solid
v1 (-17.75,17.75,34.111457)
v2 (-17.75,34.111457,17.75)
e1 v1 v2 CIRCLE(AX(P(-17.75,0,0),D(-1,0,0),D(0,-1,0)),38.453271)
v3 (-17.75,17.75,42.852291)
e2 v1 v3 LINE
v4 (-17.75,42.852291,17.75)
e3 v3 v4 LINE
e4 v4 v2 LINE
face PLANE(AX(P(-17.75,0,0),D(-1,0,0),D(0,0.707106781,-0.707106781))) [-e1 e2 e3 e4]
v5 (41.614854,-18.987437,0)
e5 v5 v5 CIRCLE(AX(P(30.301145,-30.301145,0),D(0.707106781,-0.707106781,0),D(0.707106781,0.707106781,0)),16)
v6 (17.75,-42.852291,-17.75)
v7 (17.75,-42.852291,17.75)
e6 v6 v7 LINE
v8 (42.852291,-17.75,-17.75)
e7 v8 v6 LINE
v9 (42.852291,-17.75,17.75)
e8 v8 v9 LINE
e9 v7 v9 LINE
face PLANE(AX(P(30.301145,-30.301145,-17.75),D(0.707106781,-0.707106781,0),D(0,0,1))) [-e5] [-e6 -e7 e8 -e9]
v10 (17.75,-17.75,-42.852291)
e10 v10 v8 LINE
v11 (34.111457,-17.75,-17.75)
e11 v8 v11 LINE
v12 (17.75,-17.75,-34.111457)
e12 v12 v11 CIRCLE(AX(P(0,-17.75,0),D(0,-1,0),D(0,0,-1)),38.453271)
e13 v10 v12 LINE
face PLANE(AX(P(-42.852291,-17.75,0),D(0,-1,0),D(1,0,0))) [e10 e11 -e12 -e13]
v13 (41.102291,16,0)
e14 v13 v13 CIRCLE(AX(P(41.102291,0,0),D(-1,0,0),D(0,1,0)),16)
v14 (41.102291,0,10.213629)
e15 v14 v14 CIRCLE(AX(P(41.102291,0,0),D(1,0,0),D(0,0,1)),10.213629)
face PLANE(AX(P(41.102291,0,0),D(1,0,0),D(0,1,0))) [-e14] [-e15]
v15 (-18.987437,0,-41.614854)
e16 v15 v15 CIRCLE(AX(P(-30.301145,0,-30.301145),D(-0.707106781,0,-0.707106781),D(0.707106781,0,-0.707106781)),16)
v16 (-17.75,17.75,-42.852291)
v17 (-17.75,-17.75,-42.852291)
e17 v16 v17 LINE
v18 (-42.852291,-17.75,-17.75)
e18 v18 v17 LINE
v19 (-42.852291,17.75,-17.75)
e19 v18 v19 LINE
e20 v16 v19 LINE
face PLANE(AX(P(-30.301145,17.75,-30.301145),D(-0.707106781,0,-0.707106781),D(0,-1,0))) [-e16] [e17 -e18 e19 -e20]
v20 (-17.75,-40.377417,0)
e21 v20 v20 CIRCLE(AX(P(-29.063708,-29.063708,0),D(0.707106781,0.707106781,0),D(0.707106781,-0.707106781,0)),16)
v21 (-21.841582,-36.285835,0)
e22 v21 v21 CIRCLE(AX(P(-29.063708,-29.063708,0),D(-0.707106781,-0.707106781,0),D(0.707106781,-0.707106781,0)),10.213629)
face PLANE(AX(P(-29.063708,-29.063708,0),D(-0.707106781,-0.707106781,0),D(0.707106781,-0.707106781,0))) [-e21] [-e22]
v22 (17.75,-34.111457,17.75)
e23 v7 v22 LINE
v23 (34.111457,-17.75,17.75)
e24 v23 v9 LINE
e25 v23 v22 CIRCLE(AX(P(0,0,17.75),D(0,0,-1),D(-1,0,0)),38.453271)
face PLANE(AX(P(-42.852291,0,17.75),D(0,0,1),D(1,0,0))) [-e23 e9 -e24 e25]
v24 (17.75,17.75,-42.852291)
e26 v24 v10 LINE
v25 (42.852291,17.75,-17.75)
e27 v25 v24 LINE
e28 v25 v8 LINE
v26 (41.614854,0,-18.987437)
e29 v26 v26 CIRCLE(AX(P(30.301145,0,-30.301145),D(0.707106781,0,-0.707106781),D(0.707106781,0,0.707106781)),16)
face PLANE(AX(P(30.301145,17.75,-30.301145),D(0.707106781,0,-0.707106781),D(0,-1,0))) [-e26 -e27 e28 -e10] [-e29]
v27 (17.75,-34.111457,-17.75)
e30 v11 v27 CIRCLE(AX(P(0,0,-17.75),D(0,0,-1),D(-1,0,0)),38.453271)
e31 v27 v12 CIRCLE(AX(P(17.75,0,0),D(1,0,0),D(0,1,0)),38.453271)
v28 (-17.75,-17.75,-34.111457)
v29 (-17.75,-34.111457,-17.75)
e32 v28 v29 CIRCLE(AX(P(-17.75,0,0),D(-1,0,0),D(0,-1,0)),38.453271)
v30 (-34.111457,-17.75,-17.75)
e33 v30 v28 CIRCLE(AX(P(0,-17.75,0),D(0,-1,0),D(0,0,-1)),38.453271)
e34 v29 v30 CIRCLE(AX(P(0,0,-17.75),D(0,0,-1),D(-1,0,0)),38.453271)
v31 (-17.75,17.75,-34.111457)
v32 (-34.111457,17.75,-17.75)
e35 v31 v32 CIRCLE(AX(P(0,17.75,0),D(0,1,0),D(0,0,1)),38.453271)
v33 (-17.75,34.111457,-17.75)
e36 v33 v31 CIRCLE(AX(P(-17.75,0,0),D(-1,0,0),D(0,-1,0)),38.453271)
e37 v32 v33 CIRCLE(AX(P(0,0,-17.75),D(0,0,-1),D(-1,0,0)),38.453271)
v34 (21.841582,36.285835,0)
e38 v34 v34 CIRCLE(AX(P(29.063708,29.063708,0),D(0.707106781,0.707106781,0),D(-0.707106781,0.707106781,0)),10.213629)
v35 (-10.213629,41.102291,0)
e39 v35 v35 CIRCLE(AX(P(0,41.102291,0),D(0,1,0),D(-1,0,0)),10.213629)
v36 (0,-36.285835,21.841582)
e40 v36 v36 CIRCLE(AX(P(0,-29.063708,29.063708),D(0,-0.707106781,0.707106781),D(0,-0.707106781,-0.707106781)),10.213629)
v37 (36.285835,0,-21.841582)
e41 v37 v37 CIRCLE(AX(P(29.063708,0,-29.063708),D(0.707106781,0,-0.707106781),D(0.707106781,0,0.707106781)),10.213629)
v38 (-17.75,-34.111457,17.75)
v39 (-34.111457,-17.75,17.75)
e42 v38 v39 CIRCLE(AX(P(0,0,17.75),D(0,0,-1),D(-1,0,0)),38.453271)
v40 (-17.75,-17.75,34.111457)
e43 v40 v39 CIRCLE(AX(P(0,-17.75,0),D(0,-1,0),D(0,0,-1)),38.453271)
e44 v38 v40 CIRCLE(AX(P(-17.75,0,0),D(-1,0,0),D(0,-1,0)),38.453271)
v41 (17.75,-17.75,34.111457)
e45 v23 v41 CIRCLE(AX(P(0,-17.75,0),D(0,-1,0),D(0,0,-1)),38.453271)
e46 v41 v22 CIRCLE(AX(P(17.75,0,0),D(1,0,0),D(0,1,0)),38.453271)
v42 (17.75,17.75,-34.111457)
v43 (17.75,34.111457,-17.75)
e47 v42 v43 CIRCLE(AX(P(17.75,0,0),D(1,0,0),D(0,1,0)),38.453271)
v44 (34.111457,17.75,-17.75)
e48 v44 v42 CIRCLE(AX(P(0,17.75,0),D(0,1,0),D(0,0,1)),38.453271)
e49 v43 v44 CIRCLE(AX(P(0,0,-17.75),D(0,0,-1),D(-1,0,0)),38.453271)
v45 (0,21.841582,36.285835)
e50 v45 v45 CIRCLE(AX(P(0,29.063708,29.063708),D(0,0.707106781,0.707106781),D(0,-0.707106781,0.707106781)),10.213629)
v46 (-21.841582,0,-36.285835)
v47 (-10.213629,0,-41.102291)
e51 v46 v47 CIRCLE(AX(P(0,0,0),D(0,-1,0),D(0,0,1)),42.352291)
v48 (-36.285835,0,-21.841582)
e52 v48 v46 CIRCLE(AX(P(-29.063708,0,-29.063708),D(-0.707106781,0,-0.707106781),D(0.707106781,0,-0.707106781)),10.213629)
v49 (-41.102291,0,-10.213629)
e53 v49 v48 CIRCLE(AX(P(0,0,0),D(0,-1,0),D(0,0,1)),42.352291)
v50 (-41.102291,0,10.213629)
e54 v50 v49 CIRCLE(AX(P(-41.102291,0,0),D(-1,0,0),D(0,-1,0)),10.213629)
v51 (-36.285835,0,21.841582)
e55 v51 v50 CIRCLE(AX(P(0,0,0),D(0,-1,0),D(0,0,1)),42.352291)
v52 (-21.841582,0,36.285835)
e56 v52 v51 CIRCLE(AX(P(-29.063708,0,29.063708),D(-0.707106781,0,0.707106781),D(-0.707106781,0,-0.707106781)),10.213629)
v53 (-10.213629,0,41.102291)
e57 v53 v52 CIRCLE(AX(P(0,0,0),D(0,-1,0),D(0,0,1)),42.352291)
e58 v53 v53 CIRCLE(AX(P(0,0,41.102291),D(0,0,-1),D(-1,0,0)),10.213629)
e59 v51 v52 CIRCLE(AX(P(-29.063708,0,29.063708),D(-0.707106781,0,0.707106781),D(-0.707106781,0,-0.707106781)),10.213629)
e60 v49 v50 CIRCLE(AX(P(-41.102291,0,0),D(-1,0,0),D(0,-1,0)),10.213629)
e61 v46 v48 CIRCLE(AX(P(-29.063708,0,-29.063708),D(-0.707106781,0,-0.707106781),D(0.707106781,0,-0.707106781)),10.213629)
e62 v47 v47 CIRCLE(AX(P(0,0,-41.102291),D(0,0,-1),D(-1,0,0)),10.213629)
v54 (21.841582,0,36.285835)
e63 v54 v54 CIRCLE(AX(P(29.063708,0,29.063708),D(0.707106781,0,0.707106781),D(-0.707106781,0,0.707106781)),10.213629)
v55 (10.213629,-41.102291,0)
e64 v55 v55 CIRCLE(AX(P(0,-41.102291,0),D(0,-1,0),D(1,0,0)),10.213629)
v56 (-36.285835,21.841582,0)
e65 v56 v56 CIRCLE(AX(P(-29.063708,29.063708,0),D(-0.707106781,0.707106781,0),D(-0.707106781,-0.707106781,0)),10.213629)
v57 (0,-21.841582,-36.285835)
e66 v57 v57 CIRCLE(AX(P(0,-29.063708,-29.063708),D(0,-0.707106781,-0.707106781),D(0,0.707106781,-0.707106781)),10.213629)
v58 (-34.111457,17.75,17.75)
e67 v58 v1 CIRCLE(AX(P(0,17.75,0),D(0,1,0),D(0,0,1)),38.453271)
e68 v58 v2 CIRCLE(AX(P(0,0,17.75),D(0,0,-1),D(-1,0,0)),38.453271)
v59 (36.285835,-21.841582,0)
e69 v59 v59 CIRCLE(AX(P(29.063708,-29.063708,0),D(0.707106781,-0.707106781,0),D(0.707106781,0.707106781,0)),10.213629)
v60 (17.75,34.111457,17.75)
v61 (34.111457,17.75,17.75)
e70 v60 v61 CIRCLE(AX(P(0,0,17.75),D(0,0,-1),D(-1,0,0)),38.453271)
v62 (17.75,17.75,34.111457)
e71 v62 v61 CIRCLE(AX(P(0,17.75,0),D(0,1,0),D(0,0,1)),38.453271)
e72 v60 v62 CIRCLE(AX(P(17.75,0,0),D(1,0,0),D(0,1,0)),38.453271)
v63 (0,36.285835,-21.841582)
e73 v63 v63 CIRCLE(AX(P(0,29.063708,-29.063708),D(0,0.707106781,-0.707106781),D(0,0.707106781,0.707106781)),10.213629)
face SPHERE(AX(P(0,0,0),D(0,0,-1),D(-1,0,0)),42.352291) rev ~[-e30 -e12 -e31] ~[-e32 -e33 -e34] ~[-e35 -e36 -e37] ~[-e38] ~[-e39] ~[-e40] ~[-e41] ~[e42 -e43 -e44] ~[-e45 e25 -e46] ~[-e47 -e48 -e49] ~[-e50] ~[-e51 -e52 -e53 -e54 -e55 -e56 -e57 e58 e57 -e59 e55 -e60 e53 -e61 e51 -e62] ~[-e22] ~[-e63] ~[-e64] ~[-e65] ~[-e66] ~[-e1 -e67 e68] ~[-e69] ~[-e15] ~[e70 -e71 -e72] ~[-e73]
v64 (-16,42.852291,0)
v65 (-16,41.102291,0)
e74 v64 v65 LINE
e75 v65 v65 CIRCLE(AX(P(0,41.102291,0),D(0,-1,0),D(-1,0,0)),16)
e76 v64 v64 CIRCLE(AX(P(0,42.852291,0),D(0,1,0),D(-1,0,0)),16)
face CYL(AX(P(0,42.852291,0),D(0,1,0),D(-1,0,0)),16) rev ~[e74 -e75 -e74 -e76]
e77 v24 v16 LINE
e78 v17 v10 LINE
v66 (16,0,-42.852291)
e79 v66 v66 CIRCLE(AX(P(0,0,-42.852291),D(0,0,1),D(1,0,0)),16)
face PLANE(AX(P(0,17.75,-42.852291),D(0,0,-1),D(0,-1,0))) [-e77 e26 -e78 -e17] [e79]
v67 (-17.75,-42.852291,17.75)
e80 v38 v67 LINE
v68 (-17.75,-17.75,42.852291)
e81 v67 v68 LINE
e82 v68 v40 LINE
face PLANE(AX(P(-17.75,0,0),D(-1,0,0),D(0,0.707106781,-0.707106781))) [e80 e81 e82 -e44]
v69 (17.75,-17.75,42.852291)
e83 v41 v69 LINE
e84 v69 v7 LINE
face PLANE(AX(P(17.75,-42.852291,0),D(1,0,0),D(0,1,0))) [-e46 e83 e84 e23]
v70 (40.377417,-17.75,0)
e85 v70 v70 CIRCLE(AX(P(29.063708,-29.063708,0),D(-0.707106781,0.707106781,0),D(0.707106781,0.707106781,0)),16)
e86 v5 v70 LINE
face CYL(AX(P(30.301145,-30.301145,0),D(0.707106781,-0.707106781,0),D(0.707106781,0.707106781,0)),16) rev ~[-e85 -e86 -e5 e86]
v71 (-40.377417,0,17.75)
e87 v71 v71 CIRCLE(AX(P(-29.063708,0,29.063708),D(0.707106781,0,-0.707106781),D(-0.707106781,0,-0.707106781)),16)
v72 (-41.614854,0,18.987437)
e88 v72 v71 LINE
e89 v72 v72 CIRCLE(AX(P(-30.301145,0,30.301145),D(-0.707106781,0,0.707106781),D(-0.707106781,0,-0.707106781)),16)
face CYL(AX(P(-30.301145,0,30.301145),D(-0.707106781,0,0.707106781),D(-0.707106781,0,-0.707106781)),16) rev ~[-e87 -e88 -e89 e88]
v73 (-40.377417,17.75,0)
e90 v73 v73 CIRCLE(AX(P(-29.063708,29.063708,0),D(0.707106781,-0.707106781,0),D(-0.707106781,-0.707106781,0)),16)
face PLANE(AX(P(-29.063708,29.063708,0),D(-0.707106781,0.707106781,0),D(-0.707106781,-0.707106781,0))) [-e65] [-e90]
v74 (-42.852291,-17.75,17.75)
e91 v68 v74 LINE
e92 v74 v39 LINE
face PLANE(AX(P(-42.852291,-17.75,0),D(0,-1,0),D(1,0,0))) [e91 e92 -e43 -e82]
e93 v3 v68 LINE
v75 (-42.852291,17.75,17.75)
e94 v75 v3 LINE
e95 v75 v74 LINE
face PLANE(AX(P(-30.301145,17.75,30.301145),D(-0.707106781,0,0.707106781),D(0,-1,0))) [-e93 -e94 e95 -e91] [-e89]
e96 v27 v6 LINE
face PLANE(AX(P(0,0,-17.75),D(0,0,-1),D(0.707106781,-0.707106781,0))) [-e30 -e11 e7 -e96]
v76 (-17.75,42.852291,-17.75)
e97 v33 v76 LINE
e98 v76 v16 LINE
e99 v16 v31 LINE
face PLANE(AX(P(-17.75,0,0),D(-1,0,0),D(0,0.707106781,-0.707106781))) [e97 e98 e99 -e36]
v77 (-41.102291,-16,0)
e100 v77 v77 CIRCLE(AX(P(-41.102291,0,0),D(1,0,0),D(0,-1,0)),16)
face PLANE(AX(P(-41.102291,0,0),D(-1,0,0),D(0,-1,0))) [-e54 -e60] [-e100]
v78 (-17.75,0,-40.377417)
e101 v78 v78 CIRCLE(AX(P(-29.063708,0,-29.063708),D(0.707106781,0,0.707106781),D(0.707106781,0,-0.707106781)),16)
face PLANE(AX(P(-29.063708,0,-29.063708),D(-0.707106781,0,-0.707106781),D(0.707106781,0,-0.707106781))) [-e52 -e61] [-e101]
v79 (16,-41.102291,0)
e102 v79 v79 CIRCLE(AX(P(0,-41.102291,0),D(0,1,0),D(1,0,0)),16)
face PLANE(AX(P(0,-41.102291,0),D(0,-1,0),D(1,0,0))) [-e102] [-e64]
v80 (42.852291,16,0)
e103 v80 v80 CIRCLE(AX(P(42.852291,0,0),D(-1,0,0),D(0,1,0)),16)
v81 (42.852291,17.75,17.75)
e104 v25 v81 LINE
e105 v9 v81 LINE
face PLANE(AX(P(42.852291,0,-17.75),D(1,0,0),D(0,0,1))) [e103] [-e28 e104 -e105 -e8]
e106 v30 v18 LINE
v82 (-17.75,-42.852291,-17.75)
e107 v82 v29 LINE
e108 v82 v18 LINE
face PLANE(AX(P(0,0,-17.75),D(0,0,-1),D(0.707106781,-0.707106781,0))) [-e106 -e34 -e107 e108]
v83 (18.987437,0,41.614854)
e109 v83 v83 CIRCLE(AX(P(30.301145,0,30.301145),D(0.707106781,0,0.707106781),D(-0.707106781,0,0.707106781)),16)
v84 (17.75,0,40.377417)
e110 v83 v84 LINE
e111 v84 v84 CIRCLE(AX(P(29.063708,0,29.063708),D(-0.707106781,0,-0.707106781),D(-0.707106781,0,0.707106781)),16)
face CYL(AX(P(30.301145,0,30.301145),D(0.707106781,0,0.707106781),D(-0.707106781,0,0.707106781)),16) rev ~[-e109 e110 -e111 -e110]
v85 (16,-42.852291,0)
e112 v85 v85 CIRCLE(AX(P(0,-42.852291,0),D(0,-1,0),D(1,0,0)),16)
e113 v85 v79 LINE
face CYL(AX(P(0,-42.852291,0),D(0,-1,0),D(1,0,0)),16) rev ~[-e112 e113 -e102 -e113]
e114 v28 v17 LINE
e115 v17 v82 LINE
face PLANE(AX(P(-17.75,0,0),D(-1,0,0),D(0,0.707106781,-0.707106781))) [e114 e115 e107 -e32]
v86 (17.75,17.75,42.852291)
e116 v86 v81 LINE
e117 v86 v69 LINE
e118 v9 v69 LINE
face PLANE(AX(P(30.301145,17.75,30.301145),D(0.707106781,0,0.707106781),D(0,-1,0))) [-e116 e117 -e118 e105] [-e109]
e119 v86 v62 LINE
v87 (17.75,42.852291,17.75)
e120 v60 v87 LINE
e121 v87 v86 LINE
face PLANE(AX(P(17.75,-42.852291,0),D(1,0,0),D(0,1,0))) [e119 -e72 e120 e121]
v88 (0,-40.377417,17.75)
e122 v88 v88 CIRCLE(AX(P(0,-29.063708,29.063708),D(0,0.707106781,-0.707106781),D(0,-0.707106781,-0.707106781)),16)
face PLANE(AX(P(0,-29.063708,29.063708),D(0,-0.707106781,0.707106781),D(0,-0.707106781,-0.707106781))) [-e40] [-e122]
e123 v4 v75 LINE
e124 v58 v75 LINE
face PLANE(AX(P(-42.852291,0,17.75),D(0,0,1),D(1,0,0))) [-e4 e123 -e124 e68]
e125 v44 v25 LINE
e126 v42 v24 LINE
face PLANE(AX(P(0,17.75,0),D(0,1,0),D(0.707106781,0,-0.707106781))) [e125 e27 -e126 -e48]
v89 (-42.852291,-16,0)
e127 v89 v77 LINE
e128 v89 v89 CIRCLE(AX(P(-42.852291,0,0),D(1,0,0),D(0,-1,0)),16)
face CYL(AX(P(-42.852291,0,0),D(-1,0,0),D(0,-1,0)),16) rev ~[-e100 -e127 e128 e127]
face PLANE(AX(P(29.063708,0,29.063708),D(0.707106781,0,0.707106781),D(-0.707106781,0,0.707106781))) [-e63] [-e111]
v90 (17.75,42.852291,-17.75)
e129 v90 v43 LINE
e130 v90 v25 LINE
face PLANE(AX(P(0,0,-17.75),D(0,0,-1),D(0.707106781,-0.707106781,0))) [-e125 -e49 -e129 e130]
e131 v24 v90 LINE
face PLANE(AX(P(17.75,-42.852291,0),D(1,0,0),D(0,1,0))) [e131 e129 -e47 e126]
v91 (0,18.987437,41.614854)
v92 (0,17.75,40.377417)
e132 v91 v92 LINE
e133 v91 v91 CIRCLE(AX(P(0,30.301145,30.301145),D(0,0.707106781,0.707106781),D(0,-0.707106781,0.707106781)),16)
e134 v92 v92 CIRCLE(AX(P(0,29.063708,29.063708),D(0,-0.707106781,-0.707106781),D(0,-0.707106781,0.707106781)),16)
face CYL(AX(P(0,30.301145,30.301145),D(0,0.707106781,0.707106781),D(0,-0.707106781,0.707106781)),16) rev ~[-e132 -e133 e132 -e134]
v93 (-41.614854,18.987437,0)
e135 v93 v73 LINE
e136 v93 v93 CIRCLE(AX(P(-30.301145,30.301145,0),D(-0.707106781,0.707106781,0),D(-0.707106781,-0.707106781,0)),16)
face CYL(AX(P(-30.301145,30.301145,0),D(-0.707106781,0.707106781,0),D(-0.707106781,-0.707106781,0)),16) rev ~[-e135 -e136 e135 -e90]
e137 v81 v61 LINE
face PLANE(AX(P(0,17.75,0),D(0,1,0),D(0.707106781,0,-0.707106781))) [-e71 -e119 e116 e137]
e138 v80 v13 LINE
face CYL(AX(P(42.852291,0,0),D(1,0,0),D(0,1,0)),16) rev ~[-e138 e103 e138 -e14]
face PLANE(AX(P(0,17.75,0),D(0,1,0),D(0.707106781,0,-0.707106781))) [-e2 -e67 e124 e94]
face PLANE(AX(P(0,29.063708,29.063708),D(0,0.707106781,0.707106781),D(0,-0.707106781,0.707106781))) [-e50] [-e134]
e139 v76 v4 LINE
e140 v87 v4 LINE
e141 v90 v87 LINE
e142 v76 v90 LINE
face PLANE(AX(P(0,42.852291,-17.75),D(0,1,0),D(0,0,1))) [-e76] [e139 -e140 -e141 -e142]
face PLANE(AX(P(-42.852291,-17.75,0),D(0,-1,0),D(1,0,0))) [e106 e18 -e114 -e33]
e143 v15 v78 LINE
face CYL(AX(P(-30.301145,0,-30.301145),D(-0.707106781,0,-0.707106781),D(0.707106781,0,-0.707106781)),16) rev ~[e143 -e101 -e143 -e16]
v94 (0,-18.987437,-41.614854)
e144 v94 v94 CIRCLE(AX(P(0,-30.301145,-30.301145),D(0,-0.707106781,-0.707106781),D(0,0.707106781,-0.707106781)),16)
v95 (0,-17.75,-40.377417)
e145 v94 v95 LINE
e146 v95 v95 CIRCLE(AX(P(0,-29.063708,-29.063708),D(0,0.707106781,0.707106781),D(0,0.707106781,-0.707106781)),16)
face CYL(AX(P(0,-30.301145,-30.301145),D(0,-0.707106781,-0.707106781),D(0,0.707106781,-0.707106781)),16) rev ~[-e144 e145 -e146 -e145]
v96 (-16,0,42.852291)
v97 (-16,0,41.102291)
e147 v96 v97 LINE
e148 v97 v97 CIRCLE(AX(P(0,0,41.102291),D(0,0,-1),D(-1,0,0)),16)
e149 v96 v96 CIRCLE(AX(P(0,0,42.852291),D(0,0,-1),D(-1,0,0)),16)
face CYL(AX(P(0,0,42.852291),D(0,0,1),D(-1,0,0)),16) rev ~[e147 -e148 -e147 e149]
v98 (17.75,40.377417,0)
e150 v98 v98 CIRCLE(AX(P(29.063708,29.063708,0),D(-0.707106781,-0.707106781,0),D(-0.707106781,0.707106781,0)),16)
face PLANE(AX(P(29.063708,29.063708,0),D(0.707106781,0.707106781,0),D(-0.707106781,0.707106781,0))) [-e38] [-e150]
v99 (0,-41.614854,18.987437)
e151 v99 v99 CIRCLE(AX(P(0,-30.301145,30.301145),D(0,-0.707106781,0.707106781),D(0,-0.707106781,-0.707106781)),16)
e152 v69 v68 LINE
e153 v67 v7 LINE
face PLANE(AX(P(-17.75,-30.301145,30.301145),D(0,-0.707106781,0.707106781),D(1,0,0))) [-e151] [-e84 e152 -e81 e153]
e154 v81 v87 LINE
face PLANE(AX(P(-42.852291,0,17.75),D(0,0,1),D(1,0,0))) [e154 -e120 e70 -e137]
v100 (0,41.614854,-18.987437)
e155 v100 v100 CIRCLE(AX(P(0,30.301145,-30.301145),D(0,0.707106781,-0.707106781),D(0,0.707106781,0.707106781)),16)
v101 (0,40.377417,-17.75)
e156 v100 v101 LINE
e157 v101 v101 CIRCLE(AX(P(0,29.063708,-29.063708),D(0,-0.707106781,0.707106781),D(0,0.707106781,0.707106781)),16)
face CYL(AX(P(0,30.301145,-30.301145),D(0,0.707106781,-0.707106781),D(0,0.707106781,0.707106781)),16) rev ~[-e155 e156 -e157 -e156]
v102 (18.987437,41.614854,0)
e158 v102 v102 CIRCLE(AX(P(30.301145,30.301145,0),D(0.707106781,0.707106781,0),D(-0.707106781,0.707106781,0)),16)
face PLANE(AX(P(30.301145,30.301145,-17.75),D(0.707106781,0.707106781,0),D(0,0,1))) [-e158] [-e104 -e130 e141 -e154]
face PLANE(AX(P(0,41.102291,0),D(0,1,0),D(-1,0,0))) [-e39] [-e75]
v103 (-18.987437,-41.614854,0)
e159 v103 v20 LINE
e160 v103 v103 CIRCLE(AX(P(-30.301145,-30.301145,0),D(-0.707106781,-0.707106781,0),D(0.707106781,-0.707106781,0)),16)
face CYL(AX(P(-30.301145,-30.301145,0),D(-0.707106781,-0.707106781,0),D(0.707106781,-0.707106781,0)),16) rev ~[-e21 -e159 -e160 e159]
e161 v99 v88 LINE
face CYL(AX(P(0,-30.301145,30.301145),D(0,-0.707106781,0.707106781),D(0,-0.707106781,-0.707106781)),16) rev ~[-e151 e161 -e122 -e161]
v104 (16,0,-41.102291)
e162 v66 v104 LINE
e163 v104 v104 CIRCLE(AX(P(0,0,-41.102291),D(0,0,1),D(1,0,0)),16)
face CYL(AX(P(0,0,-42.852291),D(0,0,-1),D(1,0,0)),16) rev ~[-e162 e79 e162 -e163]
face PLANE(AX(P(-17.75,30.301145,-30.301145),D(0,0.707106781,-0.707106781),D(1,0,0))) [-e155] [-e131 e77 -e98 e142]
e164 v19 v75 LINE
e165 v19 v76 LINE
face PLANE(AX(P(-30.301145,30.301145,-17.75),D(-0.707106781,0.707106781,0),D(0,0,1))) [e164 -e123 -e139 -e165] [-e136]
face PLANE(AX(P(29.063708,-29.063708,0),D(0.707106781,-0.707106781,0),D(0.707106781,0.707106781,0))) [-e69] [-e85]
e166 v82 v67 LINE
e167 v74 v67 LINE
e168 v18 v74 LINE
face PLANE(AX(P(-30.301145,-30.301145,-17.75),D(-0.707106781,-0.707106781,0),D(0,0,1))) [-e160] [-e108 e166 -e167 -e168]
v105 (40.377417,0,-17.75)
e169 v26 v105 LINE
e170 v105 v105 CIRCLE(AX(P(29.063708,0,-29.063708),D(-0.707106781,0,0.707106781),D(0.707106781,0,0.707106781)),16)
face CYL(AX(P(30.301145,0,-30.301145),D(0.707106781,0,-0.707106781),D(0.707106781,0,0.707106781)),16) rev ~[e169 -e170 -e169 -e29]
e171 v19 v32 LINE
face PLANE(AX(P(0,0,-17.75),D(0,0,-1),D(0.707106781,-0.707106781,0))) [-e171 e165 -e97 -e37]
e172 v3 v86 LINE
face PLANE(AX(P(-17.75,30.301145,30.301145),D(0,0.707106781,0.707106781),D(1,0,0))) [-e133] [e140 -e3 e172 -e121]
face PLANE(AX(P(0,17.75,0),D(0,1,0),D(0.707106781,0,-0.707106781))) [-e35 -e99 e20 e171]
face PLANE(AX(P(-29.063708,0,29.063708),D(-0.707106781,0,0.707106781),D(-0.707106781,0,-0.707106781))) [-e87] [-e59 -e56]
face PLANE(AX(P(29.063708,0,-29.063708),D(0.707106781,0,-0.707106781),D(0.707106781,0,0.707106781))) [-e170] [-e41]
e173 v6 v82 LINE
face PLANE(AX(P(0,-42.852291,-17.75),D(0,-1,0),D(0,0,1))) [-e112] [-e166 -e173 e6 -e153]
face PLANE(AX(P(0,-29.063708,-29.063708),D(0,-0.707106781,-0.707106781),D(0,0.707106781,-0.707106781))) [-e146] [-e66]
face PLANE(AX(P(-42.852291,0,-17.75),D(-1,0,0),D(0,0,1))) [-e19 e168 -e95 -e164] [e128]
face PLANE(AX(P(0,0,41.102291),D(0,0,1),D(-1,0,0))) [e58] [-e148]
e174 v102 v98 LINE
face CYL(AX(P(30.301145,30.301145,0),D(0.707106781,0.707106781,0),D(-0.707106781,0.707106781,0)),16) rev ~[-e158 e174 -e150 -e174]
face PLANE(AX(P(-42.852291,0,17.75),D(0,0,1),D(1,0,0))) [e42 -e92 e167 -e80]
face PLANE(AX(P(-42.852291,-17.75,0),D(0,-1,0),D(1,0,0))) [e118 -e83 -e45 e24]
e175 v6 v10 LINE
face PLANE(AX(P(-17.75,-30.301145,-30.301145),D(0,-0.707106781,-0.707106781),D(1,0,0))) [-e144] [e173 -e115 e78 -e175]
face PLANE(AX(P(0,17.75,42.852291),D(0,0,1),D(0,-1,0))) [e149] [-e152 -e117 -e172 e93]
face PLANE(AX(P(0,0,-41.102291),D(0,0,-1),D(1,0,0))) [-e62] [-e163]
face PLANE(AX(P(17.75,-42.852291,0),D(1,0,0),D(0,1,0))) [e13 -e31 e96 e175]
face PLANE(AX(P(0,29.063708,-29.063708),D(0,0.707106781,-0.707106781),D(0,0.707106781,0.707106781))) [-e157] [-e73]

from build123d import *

# Parameters (mm, degrees)
F5_DEPTH      = 17.75
F5_DEPTH_BACK = 17.75
F6_R          = 16
F7_DEPTH      = 1.75
F8_COUNT      = 8
F9_COUNT      = 2
F9_ANGLE      = 90
F10_COUNT     = 2
F10_ANGLE     = 90


with BuildPart() as f5:
    # F4 (on Front) → F5 (new body, two sides)
    with BuildSketch(Plane.XZ) as f5_sk:
        Polygon((0, 17.75), (0, 0), (0, -17.75), (42.8522907321, -17.75), (42.8522907321, 0), (42.8522907321, 17.75), align=None)
    extrude(amount=F5_DEPTH)
    extrude(f5_sk.sketch, amount=-F5_DEPTH_BACK)

    # F6 (on face) → F7 (cut)
    with BuildSketch(Plane.YZ.offset(42.8522907321)):
        Circle(F6_R)
    extrude(amount=-F7_DEPTH, mode=Mode.SUBTRACT)

    # F8: F5 ×8 about axis
    f8_axis = Axis((0, 0, 8.875), (0, 0, 1))


with BuildPart() as f5_1:
    add(f5.part)
    for i in range(1, F8_COUNT):
        add(f5.part.rotate(f8_axis, i * 360 / F8_COUNT))

    # F9: F5 ×2 about axis
    f9_axis = Axis((8.875, 0, 0), (1, 0, 0))


with BuildPart() as f5_2:
    add(f5_1.part)
    for i in range(1, F9_COUNT):
        add(f5_1.part.rotate(f9_axis, i * F9_ANGLE / (F9_COUNT - 1)))

    # F10: F5 ×2 about axis
    f10_axis = Axis((0, 0, 8.875), (0, 0, 1))


with BuildPart() as f5_3:
    add(f5_2.part)
    for i in range(1, F10_COUNT):
        add(f5_2.part.rotate(f10_axis, i * F10_ANGLE / (F10_COUNT - 1)))


with BuildPart() as f11:
    # F4 (on Front) → F11 (revolve)
    with BuildSketch(Plane.XZ):
        with BuildLine():
            Line((0, -17.75), (0, 0))
            Line((0, 0), (0, 17.75))
            Line((0, 17.75), (0, 42.3522907321))
            ThreePointArc((0, 42.3522907321), (-42.3522907321, 0), (0, -42.3522907321))
            Line((0, -42.3522907321), (0, -17.75))
        make_face()
    revolve(axis=Axis((0, 0, -30.0511453661), (0, 0, -1)))


with BuildPart() as f5_4:
    add(f5_3.part)

    # F12: cut F11
    add(f11.part, mode=Mode.SUBTRACT)


solid = f5_4.part
